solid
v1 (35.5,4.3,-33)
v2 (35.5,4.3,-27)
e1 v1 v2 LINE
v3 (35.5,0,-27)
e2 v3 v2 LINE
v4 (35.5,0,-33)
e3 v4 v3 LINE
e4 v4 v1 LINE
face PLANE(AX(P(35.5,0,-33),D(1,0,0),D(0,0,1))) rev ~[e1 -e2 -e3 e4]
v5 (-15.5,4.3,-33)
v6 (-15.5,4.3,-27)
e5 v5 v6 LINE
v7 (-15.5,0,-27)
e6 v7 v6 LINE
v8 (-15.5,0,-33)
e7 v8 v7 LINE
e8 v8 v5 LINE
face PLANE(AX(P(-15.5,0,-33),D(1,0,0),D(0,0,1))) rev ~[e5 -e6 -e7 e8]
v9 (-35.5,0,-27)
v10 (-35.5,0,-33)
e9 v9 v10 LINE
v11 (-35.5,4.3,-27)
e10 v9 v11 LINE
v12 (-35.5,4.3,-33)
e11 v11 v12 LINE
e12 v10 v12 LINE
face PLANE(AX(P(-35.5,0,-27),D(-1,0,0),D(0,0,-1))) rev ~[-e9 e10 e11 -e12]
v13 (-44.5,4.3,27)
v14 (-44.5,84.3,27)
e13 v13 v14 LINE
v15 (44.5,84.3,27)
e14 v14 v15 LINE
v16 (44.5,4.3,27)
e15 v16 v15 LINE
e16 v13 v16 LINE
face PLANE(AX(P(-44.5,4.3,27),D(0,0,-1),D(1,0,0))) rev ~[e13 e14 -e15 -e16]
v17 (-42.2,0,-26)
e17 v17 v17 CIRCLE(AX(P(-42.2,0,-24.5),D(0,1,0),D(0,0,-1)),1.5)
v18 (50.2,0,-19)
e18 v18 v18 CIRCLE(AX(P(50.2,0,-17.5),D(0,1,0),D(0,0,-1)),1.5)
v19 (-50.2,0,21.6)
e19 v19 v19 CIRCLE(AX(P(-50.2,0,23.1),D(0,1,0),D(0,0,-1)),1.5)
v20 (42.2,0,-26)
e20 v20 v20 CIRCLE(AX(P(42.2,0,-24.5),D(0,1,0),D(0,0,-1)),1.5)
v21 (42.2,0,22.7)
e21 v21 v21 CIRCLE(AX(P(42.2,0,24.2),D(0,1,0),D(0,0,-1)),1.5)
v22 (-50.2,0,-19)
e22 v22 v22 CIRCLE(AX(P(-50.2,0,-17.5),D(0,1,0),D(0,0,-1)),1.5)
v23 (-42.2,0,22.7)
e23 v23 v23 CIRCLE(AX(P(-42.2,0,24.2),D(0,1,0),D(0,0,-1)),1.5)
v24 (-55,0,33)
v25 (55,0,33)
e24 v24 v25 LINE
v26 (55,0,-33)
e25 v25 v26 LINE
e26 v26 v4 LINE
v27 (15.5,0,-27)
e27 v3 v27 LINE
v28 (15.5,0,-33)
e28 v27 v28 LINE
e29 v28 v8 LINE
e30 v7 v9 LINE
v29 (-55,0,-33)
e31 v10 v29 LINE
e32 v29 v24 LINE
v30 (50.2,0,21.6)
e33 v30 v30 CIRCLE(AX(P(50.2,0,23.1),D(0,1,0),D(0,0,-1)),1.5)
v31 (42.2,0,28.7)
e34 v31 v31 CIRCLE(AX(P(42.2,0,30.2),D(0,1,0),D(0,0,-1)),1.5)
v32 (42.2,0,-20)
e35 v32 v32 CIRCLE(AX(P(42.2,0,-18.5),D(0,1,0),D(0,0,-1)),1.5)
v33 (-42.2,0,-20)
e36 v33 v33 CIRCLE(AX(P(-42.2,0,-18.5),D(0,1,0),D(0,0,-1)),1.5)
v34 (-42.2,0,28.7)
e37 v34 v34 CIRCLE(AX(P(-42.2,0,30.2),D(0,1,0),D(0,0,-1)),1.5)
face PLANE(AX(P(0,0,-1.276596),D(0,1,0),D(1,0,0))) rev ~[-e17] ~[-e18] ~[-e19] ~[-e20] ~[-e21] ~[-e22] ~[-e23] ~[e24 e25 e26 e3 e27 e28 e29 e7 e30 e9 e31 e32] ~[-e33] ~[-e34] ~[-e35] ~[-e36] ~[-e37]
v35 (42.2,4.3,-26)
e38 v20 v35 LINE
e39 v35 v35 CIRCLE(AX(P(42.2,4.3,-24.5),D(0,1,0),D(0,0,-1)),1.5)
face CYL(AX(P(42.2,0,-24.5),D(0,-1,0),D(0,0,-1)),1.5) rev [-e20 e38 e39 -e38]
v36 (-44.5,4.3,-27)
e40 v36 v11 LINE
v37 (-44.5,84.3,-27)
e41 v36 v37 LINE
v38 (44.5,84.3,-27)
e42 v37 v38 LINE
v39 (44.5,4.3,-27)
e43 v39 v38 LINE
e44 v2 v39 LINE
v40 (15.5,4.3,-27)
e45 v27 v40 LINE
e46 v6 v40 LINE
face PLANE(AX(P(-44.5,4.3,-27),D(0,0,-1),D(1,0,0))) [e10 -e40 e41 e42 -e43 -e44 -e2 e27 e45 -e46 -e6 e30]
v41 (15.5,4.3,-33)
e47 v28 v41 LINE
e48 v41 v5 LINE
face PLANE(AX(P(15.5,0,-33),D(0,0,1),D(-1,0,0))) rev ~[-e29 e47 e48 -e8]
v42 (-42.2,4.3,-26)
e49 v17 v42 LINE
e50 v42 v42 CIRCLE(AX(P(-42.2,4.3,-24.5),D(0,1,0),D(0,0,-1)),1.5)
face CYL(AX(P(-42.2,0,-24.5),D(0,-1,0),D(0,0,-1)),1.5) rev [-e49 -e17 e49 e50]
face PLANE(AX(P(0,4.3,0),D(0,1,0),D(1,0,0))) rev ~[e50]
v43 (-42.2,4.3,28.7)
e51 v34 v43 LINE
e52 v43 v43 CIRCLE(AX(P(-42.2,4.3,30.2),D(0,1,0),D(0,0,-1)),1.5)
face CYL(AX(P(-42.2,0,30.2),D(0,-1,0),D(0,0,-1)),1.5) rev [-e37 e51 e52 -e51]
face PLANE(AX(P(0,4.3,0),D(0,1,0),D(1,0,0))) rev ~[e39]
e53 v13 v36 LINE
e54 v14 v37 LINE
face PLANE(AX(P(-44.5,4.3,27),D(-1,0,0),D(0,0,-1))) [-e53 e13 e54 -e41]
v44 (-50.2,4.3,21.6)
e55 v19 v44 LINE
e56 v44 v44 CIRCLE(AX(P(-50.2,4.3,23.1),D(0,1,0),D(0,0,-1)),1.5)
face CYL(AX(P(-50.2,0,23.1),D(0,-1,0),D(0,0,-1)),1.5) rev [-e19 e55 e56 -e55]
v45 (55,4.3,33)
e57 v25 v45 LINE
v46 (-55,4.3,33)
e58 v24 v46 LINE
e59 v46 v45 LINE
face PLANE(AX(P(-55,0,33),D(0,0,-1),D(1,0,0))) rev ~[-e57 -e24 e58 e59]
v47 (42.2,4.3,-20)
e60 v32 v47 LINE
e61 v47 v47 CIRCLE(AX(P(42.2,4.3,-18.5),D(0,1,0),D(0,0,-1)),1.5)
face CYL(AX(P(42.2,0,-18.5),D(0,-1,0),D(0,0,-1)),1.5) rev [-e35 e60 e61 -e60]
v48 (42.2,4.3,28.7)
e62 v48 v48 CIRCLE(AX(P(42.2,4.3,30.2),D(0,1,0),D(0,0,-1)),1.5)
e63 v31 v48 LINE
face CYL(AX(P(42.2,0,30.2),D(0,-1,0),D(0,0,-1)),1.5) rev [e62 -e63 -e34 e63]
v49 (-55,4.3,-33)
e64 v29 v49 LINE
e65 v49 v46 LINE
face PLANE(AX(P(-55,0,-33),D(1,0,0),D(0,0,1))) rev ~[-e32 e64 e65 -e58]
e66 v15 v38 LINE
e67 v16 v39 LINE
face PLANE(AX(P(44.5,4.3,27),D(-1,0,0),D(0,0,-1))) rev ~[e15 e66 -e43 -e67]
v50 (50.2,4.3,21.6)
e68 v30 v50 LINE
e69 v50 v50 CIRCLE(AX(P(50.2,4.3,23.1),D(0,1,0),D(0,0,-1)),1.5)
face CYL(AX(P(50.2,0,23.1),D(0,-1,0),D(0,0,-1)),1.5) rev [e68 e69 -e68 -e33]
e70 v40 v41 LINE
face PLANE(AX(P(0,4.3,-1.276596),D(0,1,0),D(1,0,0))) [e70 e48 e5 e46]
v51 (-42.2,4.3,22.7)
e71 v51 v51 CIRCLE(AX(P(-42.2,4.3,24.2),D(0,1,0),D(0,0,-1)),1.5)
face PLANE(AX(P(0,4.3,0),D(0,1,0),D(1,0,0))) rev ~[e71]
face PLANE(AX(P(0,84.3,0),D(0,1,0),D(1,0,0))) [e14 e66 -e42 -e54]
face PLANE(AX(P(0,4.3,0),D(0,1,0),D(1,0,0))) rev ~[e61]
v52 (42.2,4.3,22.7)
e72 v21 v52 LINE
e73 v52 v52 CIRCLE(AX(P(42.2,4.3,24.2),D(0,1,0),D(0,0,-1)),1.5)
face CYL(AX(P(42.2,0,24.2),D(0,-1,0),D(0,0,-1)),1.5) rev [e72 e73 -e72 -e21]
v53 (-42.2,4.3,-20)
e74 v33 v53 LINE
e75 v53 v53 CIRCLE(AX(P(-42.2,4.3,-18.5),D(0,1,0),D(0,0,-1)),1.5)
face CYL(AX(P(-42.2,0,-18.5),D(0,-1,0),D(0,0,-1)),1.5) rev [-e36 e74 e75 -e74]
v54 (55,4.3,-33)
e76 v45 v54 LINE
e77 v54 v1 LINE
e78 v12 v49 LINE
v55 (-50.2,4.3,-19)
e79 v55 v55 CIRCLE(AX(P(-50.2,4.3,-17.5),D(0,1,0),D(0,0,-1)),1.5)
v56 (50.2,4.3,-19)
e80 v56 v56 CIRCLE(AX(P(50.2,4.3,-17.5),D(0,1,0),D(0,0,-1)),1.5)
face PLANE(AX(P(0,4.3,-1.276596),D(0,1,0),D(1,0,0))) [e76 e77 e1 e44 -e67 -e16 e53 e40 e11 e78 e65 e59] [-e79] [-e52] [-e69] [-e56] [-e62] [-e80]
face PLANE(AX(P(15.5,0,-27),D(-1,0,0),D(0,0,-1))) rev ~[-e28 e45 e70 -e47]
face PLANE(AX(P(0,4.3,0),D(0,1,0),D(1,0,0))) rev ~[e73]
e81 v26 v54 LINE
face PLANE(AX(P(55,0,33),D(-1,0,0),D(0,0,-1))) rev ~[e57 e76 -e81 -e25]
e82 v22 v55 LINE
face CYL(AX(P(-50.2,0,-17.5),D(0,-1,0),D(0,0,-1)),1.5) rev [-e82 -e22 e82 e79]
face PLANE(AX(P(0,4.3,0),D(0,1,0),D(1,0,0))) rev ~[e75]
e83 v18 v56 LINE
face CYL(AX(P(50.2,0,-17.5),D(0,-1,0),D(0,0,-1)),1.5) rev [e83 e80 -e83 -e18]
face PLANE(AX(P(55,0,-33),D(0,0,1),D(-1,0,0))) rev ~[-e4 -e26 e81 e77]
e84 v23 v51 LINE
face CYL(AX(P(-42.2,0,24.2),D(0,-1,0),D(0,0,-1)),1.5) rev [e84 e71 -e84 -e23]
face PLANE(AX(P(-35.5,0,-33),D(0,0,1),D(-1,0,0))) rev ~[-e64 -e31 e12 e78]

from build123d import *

# Parameters (mm, degrees)
SKETCH1_R           = 1.5
BOSS_EXTRUDE1_DEPTH = 4.3
SKETCH2_W           = 89
SKETCH2_H           = 54
BOSS_EXTRUDE2_DEPTH = 80


with BuildPart() as part:
    # Sketch1 → Boss-Extrude1 (new body)
    with BuildSketch(Plane(origin=(0, 0, 0), x_dir=(1, 0, 0), z_dir=(0, 1, 0))):
        Polygon((-35.5, 27), (-35.5, 33), (-55, 33), (-55, -33), (55, -33), (55, 33), (35.5, 33), (35.5, 27), (15.5, 27), (15.5, 33), (-15.5, 33), (-15.5, 27), align=None)
        with Locations(Location((-42.2, -30.2, 0), (0, 0, 90))):
            Circle(SKETCH1_R, mode=Mode.SUBTRACT)
        with Locations(Location((-50.2, -23.1, 0), (0, 0, 90))):
            Circle(SKETCH1_R, mode=Mode.SUBTRACT)
        with Locations(Location((-42.2, -24.2, 0), (0, 0, 90))):
            Circle(SKETCH1_R, mode=Mode.SUBTRACT)
        with Locations(Location((42.2, -30.2, 0), (0, 0, 90))):
            Circle(SKETCH1_R, mode=Mode.SUBTRACT)
        with Locations(Location((42.2, -24.2, 0), (0, 0, 90))):
            Circle(SKETCH1_R, mode=Mode.SUBTRACT)
        with Locations(Location((50.2, -23.1, 0), (0, 0, 90))):
            Circle(SKETCH1_R, mode=Mode.SUBTRACT)
        with Locations(Location((-50.2, 17.5, 0), (0, 0, 90))):
            Circle(SKETCH1_R, mode=Mode.SUBTRACT)
        with Locations(Location((-42.2, 18.5, 0), (0, 0, 90))):
            Circle(SKETCH1_R, mode=Mode.SUBTRACT)
        with Locations(Location((-42.2, 24.5, 0), (0, 0, 90))):
            Circle(SKETCH1_R, mode=Mode.SUBTRACT)
        with Locations(Location((42.2, 18.5, 0), (0, 0, 90))):
            Circle(SKETCH1_R, mode=Mode.SUBTRACT)
        with Locations(Location((50.2, 17.5, 0), (0, 0, 90))):
            Circle(SKETCH1_R, mode=Mode.SUBTRACT)
        with Locations(Location((42.2, 24.5, 0), (0, 0, 90))):
            Circle(SKETCH1_R, mode=Mode.SUBTRACT)
    extrude(amount=BOSS_EXTRUDE1_DEPTH)

    # Sketch2 → Boss-Extrude2 (add)
    with BuildSketch(Plane(origin=(0, 4.3, 0), x_dir=(1, 0, 0), z_dir=(0, 1, 0))):
        Rectangle(SKETCH2_W, SKETCH2_H)
    extrude(amount=BOSS_EXTRUDE2_DEPTH)


solid = part.part
